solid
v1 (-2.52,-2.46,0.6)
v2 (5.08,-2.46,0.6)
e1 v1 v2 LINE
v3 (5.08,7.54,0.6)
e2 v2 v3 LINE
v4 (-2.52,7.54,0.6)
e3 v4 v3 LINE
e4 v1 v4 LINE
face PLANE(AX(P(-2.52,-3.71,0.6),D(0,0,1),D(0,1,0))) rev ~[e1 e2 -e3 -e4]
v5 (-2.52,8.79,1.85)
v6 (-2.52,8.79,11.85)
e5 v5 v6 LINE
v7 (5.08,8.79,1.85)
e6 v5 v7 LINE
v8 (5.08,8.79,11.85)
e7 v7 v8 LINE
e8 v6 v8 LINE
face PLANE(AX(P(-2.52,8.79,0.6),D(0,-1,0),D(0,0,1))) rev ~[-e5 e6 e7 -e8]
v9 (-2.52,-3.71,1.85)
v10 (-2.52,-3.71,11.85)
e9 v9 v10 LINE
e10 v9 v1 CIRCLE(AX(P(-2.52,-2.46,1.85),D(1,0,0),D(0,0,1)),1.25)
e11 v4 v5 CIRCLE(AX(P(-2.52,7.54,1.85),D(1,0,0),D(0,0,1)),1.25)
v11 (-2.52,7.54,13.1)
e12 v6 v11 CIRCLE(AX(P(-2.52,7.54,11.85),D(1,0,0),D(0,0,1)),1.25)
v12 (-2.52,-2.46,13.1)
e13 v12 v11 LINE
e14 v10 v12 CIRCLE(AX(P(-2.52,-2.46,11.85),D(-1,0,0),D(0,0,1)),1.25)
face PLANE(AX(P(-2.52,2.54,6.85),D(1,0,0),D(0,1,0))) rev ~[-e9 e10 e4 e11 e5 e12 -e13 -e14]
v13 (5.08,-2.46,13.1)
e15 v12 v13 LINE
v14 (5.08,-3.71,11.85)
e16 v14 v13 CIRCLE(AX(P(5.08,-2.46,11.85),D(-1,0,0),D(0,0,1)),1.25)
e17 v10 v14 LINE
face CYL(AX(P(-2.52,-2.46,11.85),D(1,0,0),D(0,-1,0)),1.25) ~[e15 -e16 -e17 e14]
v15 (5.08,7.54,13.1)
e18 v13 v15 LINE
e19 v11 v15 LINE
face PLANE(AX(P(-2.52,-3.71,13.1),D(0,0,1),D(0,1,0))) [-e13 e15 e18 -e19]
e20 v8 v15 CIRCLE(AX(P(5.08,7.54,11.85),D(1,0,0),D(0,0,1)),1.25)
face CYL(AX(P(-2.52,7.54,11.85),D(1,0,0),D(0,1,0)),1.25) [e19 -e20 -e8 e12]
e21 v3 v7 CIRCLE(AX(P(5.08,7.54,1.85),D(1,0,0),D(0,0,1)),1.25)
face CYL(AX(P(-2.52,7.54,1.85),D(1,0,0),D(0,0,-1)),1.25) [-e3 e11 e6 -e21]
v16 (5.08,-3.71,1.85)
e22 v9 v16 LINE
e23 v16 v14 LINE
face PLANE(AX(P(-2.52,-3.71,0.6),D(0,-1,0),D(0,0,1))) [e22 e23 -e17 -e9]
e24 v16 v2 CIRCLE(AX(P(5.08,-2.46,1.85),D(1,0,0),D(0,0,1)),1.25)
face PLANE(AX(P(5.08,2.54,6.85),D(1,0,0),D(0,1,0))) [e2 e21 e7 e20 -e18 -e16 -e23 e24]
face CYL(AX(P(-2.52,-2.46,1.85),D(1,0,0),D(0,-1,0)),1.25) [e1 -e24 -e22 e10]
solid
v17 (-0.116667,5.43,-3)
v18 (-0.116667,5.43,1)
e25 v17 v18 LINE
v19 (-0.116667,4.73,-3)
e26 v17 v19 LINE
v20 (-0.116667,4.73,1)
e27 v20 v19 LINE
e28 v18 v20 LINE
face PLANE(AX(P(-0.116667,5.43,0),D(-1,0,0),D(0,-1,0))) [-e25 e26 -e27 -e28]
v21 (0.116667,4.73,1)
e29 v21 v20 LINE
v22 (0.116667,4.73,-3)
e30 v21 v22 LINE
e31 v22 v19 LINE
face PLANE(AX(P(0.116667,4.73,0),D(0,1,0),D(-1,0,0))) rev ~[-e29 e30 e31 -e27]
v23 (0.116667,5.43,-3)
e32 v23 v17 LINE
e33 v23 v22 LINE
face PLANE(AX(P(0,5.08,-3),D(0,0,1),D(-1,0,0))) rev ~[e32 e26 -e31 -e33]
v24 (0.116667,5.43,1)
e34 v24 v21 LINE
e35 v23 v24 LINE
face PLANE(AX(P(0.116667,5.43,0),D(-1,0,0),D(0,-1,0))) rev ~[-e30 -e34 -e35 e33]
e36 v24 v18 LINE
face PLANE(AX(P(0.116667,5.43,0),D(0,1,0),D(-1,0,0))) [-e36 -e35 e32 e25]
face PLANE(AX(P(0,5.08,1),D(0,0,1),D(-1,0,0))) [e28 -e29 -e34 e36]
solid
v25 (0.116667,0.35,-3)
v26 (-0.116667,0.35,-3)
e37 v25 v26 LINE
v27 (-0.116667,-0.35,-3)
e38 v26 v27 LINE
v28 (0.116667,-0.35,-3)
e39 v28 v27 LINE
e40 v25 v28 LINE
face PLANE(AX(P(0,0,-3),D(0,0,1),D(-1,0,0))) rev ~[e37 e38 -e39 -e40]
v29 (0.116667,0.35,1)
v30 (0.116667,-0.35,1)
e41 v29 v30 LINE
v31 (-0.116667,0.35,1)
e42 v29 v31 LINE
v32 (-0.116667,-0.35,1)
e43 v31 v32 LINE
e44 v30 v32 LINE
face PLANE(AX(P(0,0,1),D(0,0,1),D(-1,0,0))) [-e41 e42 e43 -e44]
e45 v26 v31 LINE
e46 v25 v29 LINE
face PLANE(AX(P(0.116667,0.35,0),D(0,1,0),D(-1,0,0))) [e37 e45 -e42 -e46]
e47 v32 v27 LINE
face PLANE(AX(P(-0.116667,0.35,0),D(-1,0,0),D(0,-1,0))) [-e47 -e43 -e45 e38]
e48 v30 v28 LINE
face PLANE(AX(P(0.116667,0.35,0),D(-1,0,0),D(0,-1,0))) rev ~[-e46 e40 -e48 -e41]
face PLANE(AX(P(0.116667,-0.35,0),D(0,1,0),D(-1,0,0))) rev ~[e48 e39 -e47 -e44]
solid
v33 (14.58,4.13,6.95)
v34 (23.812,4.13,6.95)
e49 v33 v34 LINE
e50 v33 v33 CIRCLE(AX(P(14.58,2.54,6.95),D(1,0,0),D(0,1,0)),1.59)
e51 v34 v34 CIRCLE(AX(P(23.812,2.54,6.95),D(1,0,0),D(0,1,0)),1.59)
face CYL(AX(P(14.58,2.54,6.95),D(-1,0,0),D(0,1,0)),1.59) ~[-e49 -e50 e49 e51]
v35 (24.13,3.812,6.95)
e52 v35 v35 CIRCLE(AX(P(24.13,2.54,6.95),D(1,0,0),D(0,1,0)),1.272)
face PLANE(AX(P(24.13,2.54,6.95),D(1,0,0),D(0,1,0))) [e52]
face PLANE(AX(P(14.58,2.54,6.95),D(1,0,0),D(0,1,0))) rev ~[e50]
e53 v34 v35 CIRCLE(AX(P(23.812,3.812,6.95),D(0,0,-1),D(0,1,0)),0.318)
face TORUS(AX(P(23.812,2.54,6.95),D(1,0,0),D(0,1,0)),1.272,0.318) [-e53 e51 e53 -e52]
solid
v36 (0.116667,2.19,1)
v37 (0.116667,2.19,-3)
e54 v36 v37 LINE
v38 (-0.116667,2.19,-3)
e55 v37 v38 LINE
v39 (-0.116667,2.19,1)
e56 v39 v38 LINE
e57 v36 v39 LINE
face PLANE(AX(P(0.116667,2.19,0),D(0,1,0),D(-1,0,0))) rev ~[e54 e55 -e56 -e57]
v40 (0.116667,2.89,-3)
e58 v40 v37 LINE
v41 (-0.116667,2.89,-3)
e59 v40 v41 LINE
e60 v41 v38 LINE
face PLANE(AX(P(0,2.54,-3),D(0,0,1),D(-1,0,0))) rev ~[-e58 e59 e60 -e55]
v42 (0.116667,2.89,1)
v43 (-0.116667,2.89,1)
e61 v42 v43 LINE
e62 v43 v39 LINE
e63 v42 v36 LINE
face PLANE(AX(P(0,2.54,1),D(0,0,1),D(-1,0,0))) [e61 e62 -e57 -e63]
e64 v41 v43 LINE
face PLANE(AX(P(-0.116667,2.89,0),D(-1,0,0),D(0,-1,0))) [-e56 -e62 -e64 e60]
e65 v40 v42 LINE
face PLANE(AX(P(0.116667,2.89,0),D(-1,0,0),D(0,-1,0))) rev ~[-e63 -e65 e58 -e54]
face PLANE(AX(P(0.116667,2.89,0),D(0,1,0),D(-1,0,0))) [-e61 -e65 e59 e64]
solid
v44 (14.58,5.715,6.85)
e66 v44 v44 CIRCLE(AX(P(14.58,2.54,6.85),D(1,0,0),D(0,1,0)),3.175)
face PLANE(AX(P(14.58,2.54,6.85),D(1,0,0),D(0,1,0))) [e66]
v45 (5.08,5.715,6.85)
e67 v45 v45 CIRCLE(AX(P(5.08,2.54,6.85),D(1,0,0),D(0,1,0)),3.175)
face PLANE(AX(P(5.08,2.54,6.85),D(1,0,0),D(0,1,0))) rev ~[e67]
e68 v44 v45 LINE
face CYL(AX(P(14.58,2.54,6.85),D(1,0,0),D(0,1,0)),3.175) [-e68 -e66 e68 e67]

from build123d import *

# Parameters (mm, degrees)
SKETCH001_R       = 3.175
PAD001_DEPTH      = 9.5
SKETCH003_W       = 0.233334
SKETCH003_H       = 0.7
PAD002_DEPTH      = 1
PAD002_DEPTH_BACK = 3
SKETCH004_R       = 1.59
PAD003_DEPTH      = 9.55
FILLET_R          = 0.318
SKETCH_W          = 12.5
SKETCH_H          = 12.5
PAD_DEPTH         = 7.6
FILLET001_R       = 1.25


with BuildPart() as pad001:
    # Sketch001 → Pad001 (new body)
    with BuildSketch(Plane.YZ.offset(14.58)):
        with Locations((2.54, 6.85)):
            Circle(SKETCH001_R)
    extrude(amount=-PAD001_DEPTH)


with BuildPart() as pad002:
    # Sketch003 → Pad002 (new body, two sides)
    with BuildSketch(Plane(origin=(0, 0, 0), x_dir=(-1, 0, 0), z_dir=(0, 0, 1))) as pad002_sk:
        Rectangle(SKETCH003_W, SKETCH003_H)
        with Locations((0, -2.54)):
            Rectangle(SKETCH003_W, SKETCH003_H)
        with Locations((0, -5.08)):
            Rectangle(SKETCH003_W, SKETCH003_H)
    extrude(amount=PAD002_DEPTH)
    extrude(pad002_sk.sketch, amount=-PAD002_DEPTH_BACK)


with BuildPart() as fillet_body:
    # Sketch004 → Pad003 (new body)
    with BuildSketch(Plane.YZ.offset(14.58)):
        with Locations((2.54, 6.95)):
            Circle(SKETCH004_R)
    extrude(amount=PAD003_DEPTH)

    # Fillet
    fillet_edges = [fillet_body.edges().sort_by_distance(p)[0] for p in [
        (24.13, 0.95, 6.95),
    ]]
    fillet(fillet_edges, radius=FILLET_R)


with BuildPart() as fillet001:
    # Sketch → Pad (new body)
    with BuildSketch(Plane.YZ.offset(-2.52)):
        with Locations((2.54, 6.85)):
            Rectangle(SKETCH_W, SKETCH_H)
    extrude(amount=PAD_DEPTH)

    # Fillet001
    fillet001_edges = [fillet001.edges().sort_by_distance(p)[0] for p in [
        (1.28, -3.71, 13.1),
        (1.28, 8.79, 13.1),
        (1.28, -3.71, 0.6),
        (1.28, 8.79, 0.6),
    ]]
    fillet(fillet001_edges, radius=FILLET001_R)


solid = Compound([pad001.part, pad002.part, fillet_body.part, fillet001.part])
